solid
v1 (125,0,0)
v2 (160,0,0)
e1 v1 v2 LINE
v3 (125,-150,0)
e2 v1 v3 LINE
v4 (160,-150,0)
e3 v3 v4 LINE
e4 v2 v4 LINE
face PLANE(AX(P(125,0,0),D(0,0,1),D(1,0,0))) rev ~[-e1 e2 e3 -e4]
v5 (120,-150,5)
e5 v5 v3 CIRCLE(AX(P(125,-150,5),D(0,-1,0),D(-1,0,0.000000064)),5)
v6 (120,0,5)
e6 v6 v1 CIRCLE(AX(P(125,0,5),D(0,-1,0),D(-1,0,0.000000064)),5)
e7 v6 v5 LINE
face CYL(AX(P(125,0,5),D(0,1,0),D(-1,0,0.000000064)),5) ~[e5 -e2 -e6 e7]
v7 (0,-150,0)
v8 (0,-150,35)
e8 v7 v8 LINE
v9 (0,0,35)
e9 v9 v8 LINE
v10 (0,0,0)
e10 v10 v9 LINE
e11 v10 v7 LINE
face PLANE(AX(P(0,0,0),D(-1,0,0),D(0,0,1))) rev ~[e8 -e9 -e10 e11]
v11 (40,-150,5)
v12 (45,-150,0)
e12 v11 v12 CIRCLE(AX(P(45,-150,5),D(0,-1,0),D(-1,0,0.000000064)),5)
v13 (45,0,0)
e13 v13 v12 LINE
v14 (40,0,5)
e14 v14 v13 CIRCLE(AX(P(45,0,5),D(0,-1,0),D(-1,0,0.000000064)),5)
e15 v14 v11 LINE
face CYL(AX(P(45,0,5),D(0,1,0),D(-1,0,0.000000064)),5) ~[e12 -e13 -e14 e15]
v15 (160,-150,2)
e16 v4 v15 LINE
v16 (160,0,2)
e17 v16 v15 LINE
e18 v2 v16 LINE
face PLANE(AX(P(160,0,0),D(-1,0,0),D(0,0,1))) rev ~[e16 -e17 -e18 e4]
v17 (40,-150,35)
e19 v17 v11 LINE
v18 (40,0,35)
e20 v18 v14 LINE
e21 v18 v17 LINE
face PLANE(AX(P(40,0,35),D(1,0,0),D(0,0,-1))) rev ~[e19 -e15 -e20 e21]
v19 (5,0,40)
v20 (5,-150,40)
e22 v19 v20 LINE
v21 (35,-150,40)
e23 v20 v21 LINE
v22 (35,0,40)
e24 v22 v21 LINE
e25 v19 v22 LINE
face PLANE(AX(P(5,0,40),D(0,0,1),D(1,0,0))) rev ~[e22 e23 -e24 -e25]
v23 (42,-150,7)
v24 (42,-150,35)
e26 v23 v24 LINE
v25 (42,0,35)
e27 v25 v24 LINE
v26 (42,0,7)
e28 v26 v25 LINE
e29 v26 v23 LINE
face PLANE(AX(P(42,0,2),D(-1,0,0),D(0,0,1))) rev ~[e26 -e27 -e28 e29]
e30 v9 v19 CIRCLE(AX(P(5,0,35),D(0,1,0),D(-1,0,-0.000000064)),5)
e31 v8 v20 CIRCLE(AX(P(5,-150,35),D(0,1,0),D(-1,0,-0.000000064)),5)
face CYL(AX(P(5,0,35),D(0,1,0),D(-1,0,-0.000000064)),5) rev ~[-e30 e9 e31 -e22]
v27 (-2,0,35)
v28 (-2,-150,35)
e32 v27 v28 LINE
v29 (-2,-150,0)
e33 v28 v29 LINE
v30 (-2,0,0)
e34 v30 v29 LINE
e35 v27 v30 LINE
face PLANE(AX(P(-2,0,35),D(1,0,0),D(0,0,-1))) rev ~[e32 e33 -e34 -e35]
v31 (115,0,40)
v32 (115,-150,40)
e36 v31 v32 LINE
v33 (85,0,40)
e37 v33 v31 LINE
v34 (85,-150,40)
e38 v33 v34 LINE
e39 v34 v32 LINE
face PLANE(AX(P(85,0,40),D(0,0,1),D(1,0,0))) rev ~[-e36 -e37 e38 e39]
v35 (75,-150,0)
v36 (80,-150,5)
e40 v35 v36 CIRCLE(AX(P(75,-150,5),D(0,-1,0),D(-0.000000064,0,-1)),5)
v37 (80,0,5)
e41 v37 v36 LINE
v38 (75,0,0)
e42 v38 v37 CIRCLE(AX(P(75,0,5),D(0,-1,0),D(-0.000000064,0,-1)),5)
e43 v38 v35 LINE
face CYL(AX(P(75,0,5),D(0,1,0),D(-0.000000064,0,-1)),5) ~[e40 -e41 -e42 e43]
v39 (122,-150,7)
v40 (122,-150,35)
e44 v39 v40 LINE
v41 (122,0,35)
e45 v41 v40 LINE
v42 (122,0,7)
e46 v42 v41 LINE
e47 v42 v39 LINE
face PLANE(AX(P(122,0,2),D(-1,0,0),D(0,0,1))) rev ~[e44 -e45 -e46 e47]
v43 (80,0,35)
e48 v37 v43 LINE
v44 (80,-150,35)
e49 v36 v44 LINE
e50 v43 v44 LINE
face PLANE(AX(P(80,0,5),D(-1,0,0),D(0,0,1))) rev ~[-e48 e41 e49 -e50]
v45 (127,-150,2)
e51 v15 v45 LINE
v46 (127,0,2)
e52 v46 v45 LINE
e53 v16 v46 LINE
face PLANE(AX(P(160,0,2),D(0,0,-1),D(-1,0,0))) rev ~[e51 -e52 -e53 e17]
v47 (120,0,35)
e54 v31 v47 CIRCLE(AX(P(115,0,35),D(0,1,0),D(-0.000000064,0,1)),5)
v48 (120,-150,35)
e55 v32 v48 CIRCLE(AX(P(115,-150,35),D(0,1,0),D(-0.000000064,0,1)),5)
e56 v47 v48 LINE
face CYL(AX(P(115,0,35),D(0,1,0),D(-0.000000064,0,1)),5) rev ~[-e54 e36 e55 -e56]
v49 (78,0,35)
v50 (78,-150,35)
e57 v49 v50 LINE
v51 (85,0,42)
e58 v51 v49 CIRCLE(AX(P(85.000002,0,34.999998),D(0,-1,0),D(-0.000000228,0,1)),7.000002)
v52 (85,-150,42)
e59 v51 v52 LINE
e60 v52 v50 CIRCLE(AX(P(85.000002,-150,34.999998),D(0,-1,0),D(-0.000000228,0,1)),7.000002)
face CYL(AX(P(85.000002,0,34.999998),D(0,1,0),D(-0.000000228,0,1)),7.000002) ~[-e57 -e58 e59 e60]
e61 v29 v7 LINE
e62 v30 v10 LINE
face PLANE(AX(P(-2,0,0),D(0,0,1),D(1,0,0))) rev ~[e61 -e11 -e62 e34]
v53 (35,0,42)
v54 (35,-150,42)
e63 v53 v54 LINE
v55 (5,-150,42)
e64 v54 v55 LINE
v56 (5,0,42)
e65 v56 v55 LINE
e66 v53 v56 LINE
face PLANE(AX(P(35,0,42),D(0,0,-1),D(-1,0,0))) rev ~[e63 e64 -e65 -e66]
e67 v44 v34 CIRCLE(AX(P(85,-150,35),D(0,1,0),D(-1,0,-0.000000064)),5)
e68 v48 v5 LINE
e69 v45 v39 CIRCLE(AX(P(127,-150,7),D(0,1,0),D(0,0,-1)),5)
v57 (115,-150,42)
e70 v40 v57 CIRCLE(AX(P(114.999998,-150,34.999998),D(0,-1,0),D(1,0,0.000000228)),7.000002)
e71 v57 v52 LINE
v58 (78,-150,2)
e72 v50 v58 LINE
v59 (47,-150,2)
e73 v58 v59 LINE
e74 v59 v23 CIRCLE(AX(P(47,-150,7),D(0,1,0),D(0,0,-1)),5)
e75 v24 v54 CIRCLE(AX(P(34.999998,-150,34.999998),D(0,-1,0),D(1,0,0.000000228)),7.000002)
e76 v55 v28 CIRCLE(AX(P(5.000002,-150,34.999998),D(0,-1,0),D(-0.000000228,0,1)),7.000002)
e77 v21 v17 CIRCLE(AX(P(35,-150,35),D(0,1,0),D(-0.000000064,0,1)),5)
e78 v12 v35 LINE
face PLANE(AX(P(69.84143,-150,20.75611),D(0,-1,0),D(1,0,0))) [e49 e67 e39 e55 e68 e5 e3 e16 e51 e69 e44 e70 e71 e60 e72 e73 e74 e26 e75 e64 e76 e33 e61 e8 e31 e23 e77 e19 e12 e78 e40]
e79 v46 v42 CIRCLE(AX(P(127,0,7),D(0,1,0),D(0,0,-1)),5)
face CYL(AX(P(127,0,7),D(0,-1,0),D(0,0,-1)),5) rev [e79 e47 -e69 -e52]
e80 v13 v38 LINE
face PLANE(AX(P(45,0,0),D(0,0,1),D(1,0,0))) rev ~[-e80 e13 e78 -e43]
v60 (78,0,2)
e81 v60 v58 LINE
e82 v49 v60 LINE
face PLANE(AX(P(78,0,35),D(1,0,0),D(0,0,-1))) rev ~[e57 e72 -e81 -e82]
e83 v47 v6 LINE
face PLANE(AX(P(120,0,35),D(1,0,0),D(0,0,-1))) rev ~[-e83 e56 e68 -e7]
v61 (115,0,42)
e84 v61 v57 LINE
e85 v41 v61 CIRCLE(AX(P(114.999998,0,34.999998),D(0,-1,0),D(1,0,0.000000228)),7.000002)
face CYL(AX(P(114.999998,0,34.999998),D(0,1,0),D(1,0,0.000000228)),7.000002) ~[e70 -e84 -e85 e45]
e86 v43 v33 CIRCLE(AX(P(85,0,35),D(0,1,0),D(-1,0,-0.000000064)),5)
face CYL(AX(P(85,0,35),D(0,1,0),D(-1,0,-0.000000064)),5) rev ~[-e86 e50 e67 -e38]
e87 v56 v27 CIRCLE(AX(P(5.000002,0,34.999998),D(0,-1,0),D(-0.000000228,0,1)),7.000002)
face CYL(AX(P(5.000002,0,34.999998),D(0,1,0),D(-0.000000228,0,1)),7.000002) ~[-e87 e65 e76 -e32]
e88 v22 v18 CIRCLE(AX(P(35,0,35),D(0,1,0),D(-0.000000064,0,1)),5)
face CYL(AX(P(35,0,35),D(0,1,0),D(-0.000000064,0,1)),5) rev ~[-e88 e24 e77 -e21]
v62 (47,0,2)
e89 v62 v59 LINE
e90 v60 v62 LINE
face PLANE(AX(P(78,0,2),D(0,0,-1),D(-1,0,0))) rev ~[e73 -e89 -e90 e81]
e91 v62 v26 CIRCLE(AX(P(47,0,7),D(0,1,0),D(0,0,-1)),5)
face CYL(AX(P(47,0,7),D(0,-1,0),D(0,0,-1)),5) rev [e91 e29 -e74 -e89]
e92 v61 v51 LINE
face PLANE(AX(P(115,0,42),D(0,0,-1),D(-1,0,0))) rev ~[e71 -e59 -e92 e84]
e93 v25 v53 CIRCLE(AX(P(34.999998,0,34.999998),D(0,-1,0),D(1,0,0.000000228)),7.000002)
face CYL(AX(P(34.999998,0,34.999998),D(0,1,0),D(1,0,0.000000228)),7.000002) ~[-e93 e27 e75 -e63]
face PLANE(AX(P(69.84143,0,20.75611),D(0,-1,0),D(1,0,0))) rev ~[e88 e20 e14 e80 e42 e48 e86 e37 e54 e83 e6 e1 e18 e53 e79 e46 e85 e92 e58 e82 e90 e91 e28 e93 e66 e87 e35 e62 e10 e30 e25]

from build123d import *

# Parameters (mm, degrees)
F1_DEPTH = 150
F2_R     = 5


with BuildPart() as f1:
    # F0 (on Front) → F1 (new body)
    with BuildSketch(Plane.XZ):
        with BuildLine():
            ThreePointArc((0, 35), (1.464466, 38.535534), (5, 40))
            Line((5, 40), (35, 40))
            ThreePointArc((35, 40), (38.535534, 38.535534), (40, 35))
            Line((40, 35), (40, 5))
            ThreePointArc((40, 5), (41.464466, 1.464466), (45, 0))
            Line((45, 0), (75, 0))
            ThreePointArc((75, 0), (78.535534, 1.464466), (80, 5))
            Line((80, 5), (80, 35))
            ThreePointArc((80, 35), (81.464466, 38.535534), (85, 40))
            Line((85, 40), (115, 40))
            ThreePointArc((115, 40), (118.535534, 38.535534), (120, 35))
            Line((120, 35), (120, 5))
            ThreePointArc((120, 5), (121.464466, 1.464466), (125, 0))
            Line((125, 0), (160, 0))
            Line((160, 0), (160, 2))
            Line((160, 2), (122, 2))
            Line((122, 2), (122, 35))
            ThreePointArc((122, 35), (119.949747, 39.949747), (115, 42))
            Line((115, 42), (85, 42))
            ThreePointArc((85, 42), (80.050253, 39.949747), (78, 35))
            Line((78, 35), (78, 2))
            Line((78, 2), (42, 2))
            Line((42, 2), (42, 35))
            ThreePointArc((42, 35), (39.949747, 39.949747), (35, 42))
            Line((35, 42), (5, 42))
            ThreePointArc((5, 42), (0.050253, 39.949747), (-2, 35))
            Line((-2, 35), (-2, 0))
            Line((-2, 0), (0, 0))
            Line((0, 0), (0, 35))
        make_face()
    extrude(amount=F1_DEPTH)

    # F2
    f2_edges = [f1.edges().sort_by_distance(p)[0] for p in [
        (42, -75, 2),
        (122, -75, 2),
    ]]
    fillet(f2_edges, radius=F2_R)


solid = f1.part
